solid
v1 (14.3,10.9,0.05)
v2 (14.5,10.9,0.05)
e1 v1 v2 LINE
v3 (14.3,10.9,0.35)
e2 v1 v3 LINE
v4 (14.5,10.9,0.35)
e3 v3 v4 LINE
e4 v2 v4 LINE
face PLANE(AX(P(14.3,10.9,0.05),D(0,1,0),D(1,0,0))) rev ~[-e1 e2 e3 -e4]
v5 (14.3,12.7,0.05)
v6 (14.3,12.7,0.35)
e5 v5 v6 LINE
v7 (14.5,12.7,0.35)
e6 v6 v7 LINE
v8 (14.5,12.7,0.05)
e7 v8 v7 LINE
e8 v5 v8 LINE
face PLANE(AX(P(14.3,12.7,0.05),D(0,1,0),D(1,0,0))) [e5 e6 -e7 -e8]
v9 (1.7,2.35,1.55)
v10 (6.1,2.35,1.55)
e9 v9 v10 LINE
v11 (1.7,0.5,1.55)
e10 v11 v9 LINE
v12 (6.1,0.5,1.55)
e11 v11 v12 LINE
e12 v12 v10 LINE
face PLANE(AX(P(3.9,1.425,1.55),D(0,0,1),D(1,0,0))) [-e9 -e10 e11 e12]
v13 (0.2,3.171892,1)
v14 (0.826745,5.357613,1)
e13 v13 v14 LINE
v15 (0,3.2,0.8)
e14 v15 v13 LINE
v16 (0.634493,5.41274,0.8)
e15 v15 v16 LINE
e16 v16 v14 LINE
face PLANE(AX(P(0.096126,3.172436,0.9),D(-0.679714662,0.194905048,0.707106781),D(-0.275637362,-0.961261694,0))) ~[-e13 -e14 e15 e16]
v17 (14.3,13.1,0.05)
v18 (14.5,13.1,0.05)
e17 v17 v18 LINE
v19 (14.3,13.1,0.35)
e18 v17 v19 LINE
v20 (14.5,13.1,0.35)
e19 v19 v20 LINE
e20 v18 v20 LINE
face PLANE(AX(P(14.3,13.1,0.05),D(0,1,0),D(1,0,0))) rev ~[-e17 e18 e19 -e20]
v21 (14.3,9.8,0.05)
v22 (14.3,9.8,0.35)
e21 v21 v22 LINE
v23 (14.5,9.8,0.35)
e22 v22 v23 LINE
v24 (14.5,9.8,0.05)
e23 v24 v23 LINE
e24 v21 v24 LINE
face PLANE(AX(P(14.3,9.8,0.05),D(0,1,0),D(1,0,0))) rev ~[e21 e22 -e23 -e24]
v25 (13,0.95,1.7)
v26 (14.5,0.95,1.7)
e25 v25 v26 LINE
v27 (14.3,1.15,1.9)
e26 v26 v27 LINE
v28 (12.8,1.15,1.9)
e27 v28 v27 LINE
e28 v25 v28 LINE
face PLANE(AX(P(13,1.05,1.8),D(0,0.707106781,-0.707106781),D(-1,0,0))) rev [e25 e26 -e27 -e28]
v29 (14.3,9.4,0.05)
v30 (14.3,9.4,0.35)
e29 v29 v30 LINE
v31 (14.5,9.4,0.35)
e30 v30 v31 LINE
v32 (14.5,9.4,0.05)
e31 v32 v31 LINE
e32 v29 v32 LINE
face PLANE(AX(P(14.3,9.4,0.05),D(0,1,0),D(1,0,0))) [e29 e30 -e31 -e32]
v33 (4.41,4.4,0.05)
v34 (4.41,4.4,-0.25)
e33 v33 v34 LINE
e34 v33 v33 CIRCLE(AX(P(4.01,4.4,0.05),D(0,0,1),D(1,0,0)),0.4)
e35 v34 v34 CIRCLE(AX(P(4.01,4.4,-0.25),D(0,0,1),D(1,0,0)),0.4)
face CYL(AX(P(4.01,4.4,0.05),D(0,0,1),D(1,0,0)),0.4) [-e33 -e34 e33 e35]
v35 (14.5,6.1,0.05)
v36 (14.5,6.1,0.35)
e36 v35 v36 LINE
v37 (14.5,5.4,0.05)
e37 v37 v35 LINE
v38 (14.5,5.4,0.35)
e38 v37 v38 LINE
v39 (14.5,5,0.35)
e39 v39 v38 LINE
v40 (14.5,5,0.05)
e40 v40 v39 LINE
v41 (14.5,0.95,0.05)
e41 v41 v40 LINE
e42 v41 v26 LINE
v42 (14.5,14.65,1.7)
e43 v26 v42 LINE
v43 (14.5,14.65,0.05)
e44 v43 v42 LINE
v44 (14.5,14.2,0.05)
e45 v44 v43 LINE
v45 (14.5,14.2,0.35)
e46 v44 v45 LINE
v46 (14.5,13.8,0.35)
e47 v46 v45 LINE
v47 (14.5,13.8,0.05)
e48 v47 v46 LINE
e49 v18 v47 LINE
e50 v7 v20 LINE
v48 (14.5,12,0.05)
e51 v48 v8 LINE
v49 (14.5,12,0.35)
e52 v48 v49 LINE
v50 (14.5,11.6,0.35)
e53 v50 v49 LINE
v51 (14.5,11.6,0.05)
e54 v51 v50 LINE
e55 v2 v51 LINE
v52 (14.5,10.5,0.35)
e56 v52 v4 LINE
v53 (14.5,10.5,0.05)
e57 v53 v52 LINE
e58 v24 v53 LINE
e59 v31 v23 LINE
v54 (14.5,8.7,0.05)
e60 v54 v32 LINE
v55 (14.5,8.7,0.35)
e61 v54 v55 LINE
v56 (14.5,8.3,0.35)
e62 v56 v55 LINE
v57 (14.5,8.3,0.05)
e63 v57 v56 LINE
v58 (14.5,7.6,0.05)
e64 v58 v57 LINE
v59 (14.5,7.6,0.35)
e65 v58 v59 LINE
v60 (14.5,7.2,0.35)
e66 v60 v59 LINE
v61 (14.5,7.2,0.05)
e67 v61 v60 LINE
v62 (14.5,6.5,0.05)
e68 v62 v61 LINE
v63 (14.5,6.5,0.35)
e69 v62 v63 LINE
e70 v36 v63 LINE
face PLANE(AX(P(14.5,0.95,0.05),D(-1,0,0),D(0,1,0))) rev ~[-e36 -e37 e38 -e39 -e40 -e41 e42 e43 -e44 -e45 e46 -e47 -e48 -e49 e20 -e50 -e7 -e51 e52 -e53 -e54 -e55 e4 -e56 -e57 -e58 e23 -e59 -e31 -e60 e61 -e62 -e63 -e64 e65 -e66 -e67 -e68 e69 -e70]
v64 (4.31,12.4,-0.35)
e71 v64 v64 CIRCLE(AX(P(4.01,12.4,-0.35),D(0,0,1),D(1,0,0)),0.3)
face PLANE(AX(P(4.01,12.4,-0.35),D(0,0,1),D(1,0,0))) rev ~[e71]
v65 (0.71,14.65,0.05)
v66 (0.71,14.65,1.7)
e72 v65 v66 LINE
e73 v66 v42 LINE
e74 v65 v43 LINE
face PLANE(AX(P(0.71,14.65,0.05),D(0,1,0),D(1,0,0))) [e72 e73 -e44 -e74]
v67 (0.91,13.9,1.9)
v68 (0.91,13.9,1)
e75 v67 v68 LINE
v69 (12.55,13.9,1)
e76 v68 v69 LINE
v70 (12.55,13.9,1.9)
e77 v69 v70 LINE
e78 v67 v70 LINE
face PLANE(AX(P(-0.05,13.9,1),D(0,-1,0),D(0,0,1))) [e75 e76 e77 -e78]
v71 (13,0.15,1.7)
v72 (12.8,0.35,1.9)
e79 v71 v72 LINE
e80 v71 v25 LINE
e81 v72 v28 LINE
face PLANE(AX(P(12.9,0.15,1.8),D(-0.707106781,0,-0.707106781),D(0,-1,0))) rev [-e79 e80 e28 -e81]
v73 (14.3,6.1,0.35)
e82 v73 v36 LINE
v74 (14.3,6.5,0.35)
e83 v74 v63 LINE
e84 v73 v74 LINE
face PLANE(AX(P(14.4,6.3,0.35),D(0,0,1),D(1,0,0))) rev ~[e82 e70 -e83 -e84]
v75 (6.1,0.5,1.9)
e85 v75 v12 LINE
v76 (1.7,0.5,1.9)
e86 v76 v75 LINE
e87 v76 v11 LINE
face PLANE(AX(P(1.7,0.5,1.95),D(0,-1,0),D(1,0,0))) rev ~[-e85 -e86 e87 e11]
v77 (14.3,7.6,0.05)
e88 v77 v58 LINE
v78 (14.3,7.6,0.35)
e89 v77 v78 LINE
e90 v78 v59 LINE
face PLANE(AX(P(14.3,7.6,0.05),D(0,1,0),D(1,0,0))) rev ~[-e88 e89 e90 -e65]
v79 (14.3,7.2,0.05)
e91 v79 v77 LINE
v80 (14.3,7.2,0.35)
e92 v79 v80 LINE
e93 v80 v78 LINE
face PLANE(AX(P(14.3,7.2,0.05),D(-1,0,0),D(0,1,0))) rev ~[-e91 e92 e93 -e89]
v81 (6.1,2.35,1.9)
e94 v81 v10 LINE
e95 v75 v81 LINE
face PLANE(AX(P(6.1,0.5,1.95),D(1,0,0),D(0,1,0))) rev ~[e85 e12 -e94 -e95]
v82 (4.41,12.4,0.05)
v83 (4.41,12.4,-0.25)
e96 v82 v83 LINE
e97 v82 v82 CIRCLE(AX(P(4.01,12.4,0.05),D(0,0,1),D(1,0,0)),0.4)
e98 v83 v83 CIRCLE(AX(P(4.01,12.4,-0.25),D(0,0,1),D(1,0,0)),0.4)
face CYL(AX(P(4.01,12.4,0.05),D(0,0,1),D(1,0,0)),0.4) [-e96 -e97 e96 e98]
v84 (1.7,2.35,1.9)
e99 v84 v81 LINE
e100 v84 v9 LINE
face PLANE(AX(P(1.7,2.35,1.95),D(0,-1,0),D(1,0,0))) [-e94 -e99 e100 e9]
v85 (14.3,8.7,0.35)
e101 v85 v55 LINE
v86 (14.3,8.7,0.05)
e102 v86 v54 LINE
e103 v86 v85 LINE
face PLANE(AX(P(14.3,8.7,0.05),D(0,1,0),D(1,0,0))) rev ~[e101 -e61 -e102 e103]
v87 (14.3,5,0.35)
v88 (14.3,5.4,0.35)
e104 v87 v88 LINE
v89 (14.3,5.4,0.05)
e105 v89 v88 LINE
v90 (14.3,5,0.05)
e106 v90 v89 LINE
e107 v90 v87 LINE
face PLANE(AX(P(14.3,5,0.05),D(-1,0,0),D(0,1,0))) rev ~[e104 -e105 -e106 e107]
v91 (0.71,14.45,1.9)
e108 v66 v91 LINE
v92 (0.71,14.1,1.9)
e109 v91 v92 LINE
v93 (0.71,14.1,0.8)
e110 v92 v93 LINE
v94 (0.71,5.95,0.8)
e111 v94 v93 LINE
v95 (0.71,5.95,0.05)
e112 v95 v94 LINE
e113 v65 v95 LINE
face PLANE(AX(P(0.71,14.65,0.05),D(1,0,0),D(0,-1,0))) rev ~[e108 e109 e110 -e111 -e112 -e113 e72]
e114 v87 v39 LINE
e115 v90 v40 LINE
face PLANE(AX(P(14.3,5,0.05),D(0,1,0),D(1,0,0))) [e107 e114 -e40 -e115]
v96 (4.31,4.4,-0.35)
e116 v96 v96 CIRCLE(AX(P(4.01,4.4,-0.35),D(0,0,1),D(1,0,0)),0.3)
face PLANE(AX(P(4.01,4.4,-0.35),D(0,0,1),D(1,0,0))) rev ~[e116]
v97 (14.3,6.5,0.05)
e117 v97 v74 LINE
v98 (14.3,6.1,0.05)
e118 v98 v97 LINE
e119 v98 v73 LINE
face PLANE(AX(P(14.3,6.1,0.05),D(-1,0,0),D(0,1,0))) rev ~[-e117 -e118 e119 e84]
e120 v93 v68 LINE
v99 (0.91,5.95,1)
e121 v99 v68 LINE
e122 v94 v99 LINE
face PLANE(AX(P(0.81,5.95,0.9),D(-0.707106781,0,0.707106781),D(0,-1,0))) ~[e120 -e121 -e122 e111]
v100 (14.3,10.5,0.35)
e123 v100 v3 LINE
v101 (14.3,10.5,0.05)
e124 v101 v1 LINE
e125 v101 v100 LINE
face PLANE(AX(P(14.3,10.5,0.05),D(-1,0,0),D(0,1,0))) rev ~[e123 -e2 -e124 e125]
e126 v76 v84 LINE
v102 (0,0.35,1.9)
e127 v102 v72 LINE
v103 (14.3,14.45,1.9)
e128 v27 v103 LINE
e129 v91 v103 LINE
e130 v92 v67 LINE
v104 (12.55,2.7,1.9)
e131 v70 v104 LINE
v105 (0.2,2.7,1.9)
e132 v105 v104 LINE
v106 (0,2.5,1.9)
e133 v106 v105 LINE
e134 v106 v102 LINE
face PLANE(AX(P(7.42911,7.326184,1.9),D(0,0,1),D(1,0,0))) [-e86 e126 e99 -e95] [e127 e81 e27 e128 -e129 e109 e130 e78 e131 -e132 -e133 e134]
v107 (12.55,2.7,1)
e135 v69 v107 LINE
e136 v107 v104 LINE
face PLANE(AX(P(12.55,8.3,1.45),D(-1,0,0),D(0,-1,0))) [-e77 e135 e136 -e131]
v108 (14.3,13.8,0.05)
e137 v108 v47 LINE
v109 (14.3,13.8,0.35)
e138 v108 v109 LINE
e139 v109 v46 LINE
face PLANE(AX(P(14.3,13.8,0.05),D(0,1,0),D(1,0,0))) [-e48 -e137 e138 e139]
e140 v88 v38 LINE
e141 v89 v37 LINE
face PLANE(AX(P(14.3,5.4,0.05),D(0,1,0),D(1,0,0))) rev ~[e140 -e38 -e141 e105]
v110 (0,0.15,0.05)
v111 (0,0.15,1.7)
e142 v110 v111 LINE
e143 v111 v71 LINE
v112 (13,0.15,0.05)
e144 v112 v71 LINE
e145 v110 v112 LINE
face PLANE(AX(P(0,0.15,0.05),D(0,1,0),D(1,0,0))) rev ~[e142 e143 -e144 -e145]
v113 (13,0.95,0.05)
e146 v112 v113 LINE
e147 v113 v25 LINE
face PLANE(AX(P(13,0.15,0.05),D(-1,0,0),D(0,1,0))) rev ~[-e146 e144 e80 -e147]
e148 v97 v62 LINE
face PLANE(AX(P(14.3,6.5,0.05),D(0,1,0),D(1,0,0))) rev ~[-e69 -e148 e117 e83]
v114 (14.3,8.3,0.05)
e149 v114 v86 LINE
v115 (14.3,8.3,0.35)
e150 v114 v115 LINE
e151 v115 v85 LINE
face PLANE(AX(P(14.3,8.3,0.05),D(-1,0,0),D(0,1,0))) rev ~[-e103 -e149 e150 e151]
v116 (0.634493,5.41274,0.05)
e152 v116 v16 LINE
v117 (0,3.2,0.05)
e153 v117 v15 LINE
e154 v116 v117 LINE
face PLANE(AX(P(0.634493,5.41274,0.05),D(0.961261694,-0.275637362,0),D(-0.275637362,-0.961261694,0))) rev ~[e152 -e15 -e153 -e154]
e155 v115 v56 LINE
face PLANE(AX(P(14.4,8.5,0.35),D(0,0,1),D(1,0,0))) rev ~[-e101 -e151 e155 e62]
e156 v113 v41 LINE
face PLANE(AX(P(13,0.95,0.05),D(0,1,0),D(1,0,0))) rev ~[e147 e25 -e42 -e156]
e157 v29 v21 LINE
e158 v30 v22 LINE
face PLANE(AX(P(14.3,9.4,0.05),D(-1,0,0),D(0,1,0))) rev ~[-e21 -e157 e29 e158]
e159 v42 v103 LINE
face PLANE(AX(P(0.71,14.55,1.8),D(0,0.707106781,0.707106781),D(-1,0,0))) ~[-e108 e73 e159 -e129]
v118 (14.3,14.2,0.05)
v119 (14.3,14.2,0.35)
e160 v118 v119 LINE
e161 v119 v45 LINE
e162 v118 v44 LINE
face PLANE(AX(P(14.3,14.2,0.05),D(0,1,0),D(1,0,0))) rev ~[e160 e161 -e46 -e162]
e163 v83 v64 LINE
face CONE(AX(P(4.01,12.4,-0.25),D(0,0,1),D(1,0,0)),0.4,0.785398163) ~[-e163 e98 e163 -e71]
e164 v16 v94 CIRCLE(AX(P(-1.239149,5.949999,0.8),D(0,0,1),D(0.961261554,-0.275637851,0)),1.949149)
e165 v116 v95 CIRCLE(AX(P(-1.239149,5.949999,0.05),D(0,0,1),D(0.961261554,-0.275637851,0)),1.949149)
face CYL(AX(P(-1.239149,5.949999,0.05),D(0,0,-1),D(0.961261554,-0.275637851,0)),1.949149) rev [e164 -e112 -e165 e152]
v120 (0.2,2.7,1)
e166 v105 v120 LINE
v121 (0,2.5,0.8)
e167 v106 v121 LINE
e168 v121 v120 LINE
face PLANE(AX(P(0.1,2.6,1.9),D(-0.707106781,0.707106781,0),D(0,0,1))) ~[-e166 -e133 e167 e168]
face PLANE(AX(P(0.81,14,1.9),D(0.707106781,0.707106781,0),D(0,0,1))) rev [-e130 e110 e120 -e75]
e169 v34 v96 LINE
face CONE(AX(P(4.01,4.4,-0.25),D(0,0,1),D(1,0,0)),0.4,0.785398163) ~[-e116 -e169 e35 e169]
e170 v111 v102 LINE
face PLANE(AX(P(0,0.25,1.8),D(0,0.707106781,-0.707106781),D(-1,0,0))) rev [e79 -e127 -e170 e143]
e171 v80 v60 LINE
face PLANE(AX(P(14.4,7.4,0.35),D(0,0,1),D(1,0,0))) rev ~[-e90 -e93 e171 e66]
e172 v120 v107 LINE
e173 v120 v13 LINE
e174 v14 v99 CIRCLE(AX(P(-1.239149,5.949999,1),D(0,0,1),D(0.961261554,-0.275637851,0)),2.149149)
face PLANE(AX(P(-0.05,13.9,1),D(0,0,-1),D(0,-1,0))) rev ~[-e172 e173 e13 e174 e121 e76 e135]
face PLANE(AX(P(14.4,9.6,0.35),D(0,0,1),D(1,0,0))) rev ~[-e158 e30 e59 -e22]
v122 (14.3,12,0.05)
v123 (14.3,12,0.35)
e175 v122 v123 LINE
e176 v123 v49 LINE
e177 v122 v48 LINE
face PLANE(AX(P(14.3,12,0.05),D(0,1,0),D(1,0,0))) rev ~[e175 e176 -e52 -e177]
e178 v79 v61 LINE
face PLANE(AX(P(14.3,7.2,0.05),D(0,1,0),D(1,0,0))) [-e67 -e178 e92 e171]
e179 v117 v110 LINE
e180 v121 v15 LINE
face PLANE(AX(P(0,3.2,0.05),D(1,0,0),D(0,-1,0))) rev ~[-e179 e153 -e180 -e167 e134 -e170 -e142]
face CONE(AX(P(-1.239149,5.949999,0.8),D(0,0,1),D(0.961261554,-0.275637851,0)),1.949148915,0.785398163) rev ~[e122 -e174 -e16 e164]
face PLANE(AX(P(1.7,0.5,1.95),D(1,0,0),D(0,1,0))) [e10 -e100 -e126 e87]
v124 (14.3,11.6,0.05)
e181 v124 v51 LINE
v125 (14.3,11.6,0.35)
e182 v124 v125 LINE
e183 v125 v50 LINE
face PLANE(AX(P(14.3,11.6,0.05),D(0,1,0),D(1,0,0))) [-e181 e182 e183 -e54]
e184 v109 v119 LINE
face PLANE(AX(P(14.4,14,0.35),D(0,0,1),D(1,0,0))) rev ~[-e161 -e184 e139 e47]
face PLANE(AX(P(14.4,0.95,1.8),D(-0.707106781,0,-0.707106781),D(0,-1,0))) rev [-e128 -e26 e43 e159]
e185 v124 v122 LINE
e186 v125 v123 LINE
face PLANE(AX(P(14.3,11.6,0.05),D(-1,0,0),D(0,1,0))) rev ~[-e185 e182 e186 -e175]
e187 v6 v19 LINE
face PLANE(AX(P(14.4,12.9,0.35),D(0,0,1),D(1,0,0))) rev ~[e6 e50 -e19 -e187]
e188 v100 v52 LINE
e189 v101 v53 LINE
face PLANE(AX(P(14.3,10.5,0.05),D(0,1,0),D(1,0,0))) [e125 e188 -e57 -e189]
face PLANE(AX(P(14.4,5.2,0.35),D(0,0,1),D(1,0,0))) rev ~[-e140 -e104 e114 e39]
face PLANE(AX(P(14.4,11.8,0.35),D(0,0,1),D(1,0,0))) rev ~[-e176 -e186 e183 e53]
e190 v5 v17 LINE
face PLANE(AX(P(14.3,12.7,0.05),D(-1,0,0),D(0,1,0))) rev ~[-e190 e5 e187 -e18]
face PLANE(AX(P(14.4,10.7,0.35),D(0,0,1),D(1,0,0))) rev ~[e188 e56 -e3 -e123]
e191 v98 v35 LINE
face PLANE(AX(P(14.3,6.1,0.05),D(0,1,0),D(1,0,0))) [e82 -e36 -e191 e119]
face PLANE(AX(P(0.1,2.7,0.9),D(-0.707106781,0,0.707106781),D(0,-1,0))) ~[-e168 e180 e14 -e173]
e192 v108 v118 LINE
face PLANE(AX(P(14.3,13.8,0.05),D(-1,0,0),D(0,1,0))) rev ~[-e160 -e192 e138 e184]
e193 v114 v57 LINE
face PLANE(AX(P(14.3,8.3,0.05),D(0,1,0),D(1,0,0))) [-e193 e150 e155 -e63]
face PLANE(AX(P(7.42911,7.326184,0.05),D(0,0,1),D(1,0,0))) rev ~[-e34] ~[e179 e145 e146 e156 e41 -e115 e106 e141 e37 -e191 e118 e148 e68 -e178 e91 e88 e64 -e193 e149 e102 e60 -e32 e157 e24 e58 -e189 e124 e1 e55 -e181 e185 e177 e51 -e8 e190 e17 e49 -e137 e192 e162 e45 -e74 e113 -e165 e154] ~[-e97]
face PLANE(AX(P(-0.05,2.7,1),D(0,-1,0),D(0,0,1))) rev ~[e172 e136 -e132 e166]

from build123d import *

# Parameters (mm, degrees)
PAD_DEPTH       = 1.85
SKETCH_W        = 4.4
SKETCH_H        = 1.85
POCKET001_DEPTH = 0.4
SKETCH005_W     = 11.2
SKETCH005_H     = 0.9
POCKET002_DEPTH = 12.6
SKETCH006_R     = 0.4
PAD003_DEPTH    = 0.4
SKETCH008_W     = 0.2
SKETCH008_H     = 0.4
POCKET003_DEPTH = 0.3
CHAMFER_SIZE    = 0.1
CHAMFER001_SIZE = 0.2


with BuildPart() as part:
    # Sketch004 → Pad (new body)
    with BuildSketch(Plane.XY.offset(0.05)):
        with BuildLine():
            Line((0.71, 14.65), (0.71, 5.95))
            ThreePointArc((0.634493, 5.41274), (0.691031, 5.67873), (0.71, 5.95))
            Line((0.634493, 5.41274), (0, 3.2))
            Line((0, 3.2), (0, 0.15))
            Line((0, 0.15), (13, 0.15))
            Line((13, 0.15), (13, 0.95))
            Line((13, 0.95), (14.5, 0.95))
            Line((14.5, 0.95), (14.5, 14.65))
            Line((0.71, 14.65), (14.5, 14.65))
        make_face()
    extrude(amount=PAD_DEPTH)

    # Sketch (on Face11 of Pad) → Pocket001 (cut)
    with BuildSketch(Plane.XY.offset(1.95)):
        with Locations((3.9, 1.425)):
            Rectangle(SKETCH_W, SKETCH_H)
    extrude(amount=-POCKET001_DEPTH, mode=Mode.SUBTRACT)

    # Sketch005 (on Face8 of Pocket001) → Pocket002 (cut)
    with BuildSketch(Plane(origin=(-0.05, 0, 0), x_dir=(0, -1, 0), z_dir=(-1, 0, 0))):
        with Locations((-8.3, 1.45)):
            Rectangle(SKETCH005_W, SKETCH005_H)
    extrude(amount=-POCKET002_DEPTH, mode=Mode.SUBTRACT)

    # Sketch006 → Pad003 (join)
    with BuildSketch(Plane.XY.offset(0.05)):
        with Locations((4.01, 4.4)):
            Circle(SKETCH006_R)
        with Locations((4.01, 12.4)):
            Circle(SKETCH006_R)
    extrude(amount=-PAD003_DEPTH)

    # Sketch008 → Pocket003 (cut)
    with BuildSketch(Plane.XY.offset(0.05)):
        with Locations((14.4, 5.2)):
            Rectangle(SKETCH008_W, SKETCH008_H)
        with Locations((14.4, 6.3)):
            Rectangle(SKETCH008_W, SKETCH008_H)
        with Locations((14.4, 7.4)):
            Rectangle(SKETCH008_W, SKETCH008_H)
        with Locations((14.4, 8.5)):
            Rectangle(SKETCH008_W, SKETCH008_H)
        with Locations((14.4, 9.6)):
            Rectangle(SKETCH008_W, SKETCH008_H)
        with Locations((14.4, 10.7)):
            Rectangle(SKETCH008_W, SKETCH008_H)
        with Locations((14.4, 11.8)):
            Rectangle(SKETCH008_W, SKETCH008_H)
        with Locations((14.4, 12.9)):
            Rectangle(SKETCH008_W, SKETCH008_H)
        with Locations((14.4, 14)):
            Rectangle(SKETCH008_W, SKETCH008_H)
    extrude(amount=POCKET003_DEPTH, mode=Mode.SUBTRACT)

    # Chamfer
    chamfer_edges = [part.edges().sort_by_distance(p)[0] for p in [
        (3.61, 12.4, -0.35),
        (3.61, 4.4, -0.35),
    ]]
    chamfer(chamfer_edges, length=CHAMFER_SIZE)

    # Chamfer001
    chamfer001_edges = [part.edges().sort_by_distance(p)[0] for p in [
        (7.605, 14.65, 1.9),
        (14.5, 7.8, 1.9),
        (13.75, 0.95, 1.9),
        (13, 0.55, 1.9),
        (6.5, 0.15, 1.9),
        (0.71, 13.9, 1.45),
        (0.71, 9.925, 1),
        (0.691031, 5.67873, 1),
        (0.317247, 4.30637, 1),
        (0, 2.95, 1),
        (0, 2.7, 1.45),
    ]]
    chamfer(chamfer001_edges, length=CHAMFER001_SIZE)


solid = part.part
